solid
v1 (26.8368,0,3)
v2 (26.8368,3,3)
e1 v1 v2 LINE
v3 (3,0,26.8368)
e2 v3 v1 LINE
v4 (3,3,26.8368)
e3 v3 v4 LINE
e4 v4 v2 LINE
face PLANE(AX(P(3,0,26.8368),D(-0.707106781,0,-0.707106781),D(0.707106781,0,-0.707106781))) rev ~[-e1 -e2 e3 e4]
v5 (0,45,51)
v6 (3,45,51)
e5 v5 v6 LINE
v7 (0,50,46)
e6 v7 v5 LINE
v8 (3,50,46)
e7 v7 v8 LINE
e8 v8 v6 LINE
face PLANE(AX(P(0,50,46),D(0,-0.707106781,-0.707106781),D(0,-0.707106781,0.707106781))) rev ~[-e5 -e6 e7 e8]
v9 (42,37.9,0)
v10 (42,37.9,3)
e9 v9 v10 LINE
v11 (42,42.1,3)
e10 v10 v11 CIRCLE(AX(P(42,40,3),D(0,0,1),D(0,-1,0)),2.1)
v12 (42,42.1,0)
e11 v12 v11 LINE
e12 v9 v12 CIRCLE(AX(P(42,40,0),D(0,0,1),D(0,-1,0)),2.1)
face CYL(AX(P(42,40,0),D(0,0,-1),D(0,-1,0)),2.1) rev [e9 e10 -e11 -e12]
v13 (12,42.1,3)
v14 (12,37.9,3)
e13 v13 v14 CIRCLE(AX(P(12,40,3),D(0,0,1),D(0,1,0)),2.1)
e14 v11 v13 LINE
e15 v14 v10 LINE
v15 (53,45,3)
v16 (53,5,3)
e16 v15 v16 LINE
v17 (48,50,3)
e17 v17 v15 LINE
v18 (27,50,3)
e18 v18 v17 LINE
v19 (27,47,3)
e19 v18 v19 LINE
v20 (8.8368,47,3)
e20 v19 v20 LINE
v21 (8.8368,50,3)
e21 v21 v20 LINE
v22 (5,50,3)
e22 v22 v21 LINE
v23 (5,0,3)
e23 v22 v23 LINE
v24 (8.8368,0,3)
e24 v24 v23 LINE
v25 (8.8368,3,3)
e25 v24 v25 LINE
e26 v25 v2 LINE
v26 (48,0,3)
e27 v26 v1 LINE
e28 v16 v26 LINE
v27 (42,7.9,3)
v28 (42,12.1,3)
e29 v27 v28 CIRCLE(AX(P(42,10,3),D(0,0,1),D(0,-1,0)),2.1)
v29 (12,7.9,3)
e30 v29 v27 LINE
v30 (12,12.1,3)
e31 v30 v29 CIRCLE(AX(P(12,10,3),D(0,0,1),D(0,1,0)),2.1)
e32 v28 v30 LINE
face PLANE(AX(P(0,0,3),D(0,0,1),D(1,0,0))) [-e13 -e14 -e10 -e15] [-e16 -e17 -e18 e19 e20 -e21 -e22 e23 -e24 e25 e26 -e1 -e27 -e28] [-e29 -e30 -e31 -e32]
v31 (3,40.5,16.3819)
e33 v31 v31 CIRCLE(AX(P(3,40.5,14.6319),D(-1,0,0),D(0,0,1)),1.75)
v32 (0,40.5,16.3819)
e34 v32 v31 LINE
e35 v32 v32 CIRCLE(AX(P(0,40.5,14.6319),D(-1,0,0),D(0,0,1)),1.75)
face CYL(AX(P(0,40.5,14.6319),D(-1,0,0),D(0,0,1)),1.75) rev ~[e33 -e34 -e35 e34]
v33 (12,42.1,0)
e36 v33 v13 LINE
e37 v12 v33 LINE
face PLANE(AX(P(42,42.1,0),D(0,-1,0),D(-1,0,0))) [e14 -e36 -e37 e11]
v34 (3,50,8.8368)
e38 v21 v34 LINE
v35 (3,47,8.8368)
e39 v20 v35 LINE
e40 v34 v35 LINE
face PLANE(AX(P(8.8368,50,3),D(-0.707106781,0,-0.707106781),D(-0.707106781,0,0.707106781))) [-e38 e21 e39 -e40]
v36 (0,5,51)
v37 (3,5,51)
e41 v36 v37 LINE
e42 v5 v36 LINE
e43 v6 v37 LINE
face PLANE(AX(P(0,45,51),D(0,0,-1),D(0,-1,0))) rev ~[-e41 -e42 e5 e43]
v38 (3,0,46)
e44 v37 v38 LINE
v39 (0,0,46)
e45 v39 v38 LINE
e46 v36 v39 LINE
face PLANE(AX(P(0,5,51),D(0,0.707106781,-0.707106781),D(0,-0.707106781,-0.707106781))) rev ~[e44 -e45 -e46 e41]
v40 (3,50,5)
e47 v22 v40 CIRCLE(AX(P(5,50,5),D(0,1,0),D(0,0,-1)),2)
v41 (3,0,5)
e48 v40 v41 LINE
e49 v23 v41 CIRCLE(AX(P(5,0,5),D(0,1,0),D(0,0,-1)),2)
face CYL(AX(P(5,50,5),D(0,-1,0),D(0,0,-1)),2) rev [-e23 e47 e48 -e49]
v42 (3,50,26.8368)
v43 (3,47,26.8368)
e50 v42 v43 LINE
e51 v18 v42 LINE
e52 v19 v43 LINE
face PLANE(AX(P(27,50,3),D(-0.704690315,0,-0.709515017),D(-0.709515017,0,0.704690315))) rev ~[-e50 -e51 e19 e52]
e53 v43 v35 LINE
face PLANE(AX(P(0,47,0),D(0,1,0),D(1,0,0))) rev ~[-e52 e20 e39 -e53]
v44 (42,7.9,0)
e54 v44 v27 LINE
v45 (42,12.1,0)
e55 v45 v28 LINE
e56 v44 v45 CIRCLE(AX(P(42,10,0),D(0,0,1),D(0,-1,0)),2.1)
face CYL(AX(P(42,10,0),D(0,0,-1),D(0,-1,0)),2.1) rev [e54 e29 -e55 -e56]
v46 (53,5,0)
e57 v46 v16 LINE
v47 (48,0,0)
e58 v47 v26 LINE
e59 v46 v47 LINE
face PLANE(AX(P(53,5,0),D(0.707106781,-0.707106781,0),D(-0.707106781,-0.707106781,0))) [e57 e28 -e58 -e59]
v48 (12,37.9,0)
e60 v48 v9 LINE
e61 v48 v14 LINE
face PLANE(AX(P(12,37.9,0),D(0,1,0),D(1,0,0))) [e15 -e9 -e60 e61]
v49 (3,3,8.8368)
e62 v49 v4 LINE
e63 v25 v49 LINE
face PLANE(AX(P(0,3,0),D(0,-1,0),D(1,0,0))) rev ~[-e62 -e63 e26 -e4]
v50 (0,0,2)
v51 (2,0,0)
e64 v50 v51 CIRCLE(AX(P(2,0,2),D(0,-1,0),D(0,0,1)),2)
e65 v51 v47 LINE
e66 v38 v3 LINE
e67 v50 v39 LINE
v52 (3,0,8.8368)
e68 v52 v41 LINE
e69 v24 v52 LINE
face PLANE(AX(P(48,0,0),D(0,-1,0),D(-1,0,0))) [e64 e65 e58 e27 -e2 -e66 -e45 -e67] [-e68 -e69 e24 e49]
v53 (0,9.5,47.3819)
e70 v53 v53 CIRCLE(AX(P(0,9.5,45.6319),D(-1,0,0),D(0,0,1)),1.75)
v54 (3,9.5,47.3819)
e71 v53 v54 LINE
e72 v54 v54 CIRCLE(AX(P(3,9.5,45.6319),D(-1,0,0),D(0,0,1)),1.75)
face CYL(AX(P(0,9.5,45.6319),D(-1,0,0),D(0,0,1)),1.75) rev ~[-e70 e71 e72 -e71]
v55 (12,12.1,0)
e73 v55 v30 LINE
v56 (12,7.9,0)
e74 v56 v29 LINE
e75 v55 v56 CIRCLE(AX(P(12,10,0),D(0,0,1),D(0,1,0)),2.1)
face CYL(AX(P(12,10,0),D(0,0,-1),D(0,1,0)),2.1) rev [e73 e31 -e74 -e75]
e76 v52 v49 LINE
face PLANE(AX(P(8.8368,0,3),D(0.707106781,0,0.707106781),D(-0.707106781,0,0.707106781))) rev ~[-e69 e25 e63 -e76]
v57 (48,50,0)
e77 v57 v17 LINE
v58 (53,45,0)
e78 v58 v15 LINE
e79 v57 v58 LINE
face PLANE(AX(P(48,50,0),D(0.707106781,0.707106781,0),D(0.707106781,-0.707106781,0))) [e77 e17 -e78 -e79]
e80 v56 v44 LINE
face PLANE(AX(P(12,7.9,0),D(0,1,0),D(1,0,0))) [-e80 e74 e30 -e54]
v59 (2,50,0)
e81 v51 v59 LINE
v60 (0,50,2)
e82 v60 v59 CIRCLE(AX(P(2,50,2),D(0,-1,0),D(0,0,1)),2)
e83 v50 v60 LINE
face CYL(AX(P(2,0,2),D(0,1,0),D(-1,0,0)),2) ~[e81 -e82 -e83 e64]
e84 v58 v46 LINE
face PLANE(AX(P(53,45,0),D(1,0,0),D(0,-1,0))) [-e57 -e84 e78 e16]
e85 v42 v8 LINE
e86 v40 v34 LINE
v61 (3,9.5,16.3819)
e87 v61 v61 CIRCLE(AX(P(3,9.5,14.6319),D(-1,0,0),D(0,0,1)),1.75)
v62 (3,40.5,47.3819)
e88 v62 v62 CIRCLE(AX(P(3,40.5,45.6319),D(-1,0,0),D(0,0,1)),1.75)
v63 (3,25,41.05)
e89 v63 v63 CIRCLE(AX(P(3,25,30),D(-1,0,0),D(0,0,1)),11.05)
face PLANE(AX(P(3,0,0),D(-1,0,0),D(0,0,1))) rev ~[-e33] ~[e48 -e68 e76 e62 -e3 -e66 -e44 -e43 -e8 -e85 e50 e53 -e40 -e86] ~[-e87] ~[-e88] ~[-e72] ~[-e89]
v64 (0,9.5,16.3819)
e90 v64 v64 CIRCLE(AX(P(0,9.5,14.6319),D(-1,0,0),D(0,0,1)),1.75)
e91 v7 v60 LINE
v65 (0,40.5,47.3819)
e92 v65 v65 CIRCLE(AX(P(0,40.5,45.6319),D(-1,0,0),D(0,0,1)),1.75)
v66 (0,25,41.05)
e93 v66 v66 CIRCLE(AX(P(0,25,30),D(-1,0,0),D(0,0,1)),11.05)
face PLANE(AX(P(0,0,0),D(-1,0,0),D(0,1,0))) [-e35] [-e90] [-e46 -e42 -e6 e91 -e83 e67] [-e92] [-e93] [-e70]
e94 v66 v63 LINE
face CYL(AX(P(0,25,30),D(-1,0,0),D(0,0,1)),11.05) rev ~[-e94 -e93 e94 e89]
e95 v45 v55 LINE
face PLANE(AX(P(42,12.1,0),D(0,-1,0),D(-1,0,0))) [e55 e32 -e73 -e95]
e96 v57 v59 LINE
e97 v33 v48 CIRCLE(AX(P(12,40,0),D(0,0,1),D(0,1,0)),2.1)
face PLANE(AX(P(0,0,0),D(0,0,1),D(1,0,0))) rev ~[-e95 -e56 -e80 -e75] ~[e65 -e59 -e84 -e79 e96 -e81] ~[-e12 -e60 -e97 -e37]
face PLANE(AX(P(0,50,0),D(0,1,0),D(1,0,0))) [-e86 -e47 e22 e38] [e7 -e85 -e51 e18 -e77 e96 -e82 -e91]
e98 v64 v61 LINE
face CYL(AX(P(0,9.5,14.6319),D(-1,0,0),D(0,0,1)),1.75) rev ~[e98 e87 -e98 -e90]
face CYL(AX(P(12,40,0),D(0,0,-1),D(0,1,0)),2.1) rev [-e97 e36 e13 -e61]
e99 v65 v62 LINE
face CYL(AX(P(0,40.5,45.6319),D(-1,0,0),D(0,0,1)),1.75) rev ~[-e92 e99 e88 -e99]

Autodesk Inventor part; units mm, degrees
ref_plane "YZ Plane" through (0, 0, 0) normal (1, 0, 0) x (0, 1, 0)
ref_plane "XZ Plane" through (0, 0, 0) normal (0, 1, 0) x (-1, 0, 0)
ref_plane "XY Plane" through (0, 0, 0) normal (0, 0, 1) x (1, 0, 0)
sketch "Skizze1" plane through (0, 0, 0) normal (0, 0, 1) x (1, 0, 0)
  line L0 (0, 0) -> (0, 50)
  line L1 (0, 50) -> (48, 50)
  line L2 (53, 45) -> (53, 5)
  line L3 (48, 0) -> (0, 0)
  line L4 (12, 40) -> (42, 40) construction
  line L5 (12, 37.9) -> (42, 37.9)
  line L6 (42, 42.1) -> (12, 42.1)
  arc A0 (12, 42.1) -> (12, 37.9) centre (12, 40) ccw
  arc A1 (42, 37.9) -> (42, 42.1) centre (42, 40) ccw
  line L7 (12, 10) -> (42, 10) construction
  line L8 (12, 7.9) -> (42, 7.9)
  line L9 (42, 12.1) -> (12, 12.1)
  arc A2 (12, 12.1) -> (12, 7.9) centre (12, 10) ccw
  arc A3 (42, 7.9) -> (42, 12.1) centre (42, 10) ccw
  line L10 (48, 50) -> (53, 45)
  line L11 (53, 5) -> (48, 0)
  point P0 (53, 50)
  point P1 (53, 0)
  point P2 (27, 40)
  point P3 (27, 10)
  dimension "d0" = 50
  dimension "d1" = 53
  dimension "d2" = 30
  dimension "d3" = 4.2
  dimension "d4" = 10
  dimension "d5" = 11
  dimension "d6" = 4.2
  dimension "d7" = 10
  dimension "d8" = 11
  dimension "d9" = 5
  dimension "d10" = 5
  dimension "d11" = 5
  dimension "d12" = 5
extrude "Extrusion1" add sketch "Skizze1" along normal blind 3
sketch "Skizze2" plane through (0, 0, 0) normal (-1, 0, 0) x (0, 0, 1)
  line L0 (0, 50) -> (3, 50) projected
  line L1 (0, 50) -> (46, 50)
  line L2 (51, 45) -> (51, 5)
  line L3 (46, 0) -> (0, 0)
  line L4 (0, 0) -> (0, 50)
  line L5 (46, 50) -> (51, 45)
  line L6 (51, 5) -> (46, 0)
  circle A0 centre (30, 25) radius 11.05
  circle A1 centre (45.6319, 40.5) radius 1.75
  circle A2 centre (45.6319, 9.5) radius 1.75
  circle A3 centre (14.6319, 9.5) radius 1.75
  circle A4 centre (14.6319, 40.5) radius 1.75
  line L7 (30.1319, 50) -> (30.1319, 0) construction
  line L8 (51, 25) -> (0, 25) construction
  point P0 (51, 0)
  point P1 (51, 50)
  dimension "d15" = 51
  dimension "d16" = 5
  dimension "d17" = 5
  dimension "d18" = 5
  dimension "d19" = 5
  dimension "d20" = 22.1
  dimension "d21" = 3.5
  dimension "d22" = 21
  dimension "d23" = 3.5
  dimension "d24" = 3.5
  dimension "d25" = 3.5
  dimension "d26" = 31
  dimension "d27" = 31
  dimension "d28" = 31
  dimension "d29" = 31
  dimension "d30" = 15.5
  dimension "d31" = 15.5
  dimension "d32" = 15.5
  dimension "d33" = 15.5
extrude "Extrusion2" add sketch "Skizze2" against normal blind 3
sketch "Skizze3" plane through (0, 0, 0) normal (0, -1, 0) x (1, 0, 0)
  line L0 (3, 3) -> (48, 3) projected
  line L1 (8.8368, 3) -> (3, 8.8368)
  line L2 (8.8368, 3) -> (17.0913, 3) construction
  line L3 (3, 8.8368) -> (3, 26.8368)
  line L4 (3, 46) -> (3, 3) projected
  line L5 (3, 26.8368) -> (26.8368, 3)
  line L6 (42, 3) -> (12, 3) projected
  line L7 (26.8368, 3) -> (8.8368, 3)
  point P0 (0, 0)
  dimension "d36" = 135
  dimension "d37" = 18
  dimension "d38" = 45
extrude "Extrusion3" add sketch "Skizze3" against normal blind 3 contours L1 L3 L5 L0
sketch "Skizze4" plane through (0, 50, 0) normal (0, 1, 0) x (1, 0, 0)
  line L0 (42, -3) -> (12, -3) projected
  line L1 (3, -46) -> (3, -26.8368) projected
  line L2 (27, -3) -> (3, -26.8368)
  line L3 (8.8368, -3) -> (3, -8.8368) projected
  line L4 (3, -26.8368) -> (3, -8.8368)
  line L5 (3, -8.8368) -> (8.8368, -3)
  line L6 (8.8368, -3) -> (27, -3)
  point P0 (0, 0)
extrude "Extrusion4" add sketch "Skizze4" against normal blind 3
fillet "Rundung1" radius 2 2 edges at (0, 25, 0) (3, 25, 3)
equation "\"d12\" = d11"
equation "\"d17\" = d16"
equation "\"d18\" = d16"
equation "\"d19\" = d18"
properties part number "Motor mount NEMA 17" material "Stahl, unlegiert"
